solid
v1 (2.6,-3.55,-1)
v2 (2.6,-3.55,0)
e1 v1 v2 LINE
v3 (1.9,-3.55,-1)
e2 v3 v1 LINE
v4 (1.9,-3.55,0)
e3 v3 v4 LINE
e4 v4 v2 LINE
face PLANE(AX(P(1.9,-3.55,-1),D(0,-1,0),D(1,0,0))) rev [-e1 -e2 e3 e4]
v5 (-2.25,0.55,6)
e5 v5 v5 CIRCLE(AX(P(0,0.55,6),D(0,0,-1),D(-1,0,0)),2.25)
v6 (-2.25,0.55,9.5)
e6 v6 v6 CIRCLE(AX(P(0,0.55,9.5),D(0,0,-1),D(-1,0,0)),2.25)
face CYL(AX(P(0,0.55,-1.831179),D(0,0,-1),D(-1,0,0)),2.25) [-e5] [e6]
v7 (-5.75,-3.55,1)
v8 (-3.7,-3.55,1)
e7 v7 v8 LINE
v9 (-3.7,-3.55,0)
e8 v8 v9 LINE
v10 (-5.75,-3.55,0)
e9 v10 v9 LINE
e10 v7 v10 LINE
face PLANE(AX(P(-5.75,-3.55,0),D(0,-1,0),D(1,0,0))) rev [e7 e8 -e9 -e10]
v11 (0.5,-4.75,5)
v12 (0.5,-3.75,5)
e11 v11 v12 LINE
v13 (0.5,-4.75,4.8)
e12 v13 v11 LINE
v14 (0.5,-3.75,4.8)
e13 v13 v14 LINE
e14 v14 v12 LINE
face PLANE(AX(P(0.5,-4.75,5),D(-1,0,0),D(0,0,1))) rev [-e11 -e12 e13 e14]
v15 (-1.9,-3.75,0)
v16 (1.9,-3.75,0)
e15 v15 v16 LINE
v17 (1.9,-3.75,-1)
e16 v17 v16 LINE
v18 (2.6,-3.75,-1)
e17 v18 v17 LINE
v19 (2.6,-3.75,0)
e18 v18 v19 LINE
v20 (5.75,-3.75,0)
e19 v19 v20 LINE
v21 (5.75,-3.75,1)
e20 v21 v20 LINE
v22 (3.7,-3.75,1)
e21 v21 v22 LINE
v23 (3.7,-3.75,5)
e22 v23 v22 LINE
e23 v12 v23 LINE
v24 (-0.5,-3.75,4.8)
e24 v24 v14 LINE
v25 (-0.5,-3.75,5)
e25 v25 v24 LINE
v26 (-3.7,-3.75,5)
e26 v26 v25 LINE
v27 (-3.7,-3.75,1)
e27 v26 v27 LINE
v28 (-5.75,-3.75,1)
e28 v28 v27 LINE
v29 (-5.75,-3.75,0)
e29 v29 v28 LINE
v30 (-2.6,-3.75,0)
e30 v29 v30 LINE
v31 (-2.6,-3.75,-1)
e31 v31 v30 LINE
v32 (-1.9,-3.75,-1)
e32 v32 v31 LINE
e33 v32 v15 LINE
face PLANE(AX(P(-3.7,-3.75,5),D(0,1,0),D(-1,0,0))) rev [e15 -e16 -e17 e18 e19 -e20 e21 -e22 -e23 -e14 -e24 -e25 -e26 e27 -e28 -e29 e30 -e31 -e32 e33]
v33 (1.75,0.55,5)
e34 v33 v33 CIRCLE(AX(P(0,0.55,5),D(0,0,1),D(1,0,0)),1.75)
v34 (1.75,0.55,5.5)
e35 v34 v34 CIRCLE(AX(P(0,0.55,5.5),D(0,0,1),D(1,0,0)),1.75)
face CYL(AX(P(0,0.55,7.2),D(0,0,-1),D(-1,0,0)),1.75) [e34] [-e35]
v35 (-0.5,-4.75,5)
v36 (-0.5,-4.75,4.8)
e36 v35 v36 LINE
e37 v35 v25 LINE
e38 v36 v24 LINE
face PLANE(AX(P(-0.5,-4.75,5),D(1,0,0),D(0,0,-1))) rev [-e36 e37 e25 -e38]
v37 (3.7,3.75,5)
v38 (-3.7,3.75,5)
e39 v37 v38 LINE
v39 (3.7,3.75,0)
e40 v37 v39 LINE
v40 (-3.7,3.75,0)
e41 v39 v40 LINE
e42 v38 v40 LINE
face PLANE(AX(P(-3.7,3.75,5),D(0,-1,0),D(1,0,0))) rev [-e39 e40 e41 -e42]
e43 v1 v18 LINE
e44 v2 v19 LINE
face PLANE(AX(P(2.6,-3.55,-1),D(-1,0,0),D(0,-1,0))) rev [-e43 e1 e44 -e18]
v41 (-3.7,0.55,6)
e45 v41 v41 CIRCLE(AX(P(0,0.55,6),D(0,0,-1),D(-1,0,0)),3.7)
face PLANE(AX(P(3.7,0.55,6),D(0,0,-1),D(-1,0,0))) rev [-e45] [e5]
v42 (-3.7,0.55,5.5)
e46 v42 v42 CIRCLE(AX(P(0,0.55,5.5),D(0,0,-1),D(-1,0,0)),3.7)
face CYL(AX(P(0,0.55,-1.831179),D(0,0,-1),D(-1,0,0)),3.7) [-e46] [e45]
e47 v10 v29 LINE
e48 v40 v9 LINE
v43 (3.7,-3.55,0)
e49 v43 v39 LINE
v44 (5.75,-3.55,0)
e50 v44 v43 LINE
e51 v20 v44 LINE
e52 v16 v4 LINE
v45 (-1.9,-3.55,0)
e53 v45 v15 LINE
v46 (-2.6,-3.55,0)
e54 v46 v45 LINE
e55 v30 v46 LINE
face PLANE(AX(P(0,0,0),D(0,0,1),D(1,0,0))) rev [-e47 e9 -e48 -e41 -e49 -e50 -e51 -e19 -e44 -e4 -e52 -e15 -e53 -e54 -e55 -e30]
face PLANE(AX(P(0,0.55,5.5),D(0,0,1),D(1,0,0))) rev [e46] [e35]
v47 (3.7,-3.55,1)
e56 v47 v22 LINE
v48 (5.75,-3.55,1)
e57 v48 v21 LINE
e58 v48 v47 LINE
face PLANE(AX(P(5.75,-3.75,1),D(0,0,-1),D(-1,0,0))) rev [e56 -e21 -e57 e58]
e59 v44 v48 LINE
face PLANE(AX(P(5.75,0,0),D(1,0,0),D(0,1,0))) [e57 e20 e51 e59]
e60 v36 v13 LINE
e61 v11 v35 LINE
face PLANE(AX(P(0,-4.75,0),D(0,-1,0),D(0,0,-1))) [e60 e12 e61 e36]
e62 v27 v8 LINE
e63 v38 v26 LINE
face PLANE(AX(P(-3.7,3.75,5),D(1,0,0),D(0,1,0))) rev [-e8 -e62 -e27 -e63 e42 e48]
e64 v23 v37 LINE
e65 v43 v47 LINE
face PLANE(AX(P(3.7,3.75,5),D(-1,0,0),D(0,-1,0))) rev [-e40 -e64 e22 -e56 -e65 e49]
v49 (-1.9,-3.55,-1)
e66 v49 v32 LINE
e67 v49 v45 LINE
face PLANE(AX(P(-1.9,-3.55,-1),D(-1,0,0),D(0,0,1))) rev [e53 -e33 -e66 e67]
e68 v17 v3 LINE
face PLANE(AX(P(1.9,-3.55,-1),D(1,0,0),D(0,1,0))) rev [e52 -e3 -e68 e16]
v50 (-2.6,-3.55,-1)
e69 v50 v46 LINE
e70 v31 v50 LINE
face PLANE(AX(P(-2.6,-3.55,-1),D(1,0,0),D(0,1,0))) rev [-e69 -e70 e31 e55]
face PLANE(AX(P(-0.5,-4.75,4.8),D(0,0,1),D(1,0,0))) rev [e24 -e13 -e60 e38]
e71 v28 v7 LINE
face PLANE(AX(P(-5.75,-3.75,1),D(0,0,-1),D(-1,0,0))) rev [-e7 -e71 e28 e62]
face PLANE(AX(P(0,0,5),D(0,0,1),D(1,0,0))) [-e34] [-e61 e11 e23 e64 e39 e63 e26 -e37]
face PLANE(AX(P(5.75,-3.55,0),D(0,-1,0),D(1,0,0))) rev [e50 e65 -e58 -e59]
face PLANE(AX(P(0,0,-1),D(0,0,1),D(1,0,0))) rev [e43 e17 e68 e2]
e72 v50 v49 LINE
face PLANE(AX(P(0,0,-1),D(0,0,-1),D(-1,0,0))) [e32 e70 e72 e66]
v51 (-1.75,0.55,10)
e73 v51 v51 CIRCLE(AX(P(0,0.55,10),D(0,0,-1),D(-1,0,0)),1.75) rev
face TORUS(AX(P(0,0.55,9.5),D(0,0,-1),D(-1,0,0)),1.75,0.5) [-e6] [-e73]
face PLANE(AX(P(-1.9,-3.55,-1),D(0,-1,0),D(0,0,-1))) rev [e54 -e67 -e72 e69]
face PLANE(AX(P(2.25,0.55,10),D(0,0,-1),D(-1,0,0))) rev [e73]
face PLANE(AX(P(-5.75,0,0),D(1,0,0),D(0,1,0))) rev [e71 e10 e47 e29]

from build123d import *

# Parameters (mm, degrees)
SKETCH_1_W      = 7.4
SKETCH_1_H      = 7.5
EXTRUDE_1_DEPTH = 5
SKETCH_2_R      = 1.75
EXTRUDE_2_DEPTH = 2.2
FILLET_1_R      = 0.5
SKETCH_5_W      = 1
SKETCH_5_H      = 0.2
EXTRUDE_3_DEPTH = 2.05
SKETCH_6_W      = 1
SKETCH_6_H      = 0.2
EXTRUDE_4_DEPTH = 2.05
SKETCH_7_W      = 0.7
SKETCH_7_H      = 0.2
EXTRUDE_5_DEPTH = 1
SKETCH_8_W      = 1
SKETCH_8_H      = 0.2
EXTRUDE_6_DEPTH = 1


with BuildPart() as part:
    # 草图1 → 凸台-拉伸1 (new body)
    with BuildSketch(Plane.XY):
        Rectangle(SKETCH_1_W, SKETCH_1_H)
    extrude(amount=EXTRUDE_1_DEPTH)

    # 草图2 → 凸台-拉伸2 (add)
    with BuildSketch(Plane.XY.offset(5)):
        with Locations((0, 0.55)):
            Circle(SKETCH_2_R)
    extrude(amount=EXTRUDE_2_DEPTH)

    # 草图4 → 旋转1 (revolve)
    with BuildSketch(Plane(origin=(0, 0.55, 0), x_dir=(1, 0, 0), z_dir=(0, 1, 0)), mode=Mode.PRIVATE) as revolve_1_sk:
        Polygon((0, -5.5), (3.7, -5.5), (3.7, -6), (2.25, -6), (2.25, -10), (0, -10), align=None)
    revolve(revolve_1_sk.sketch.rotate(Axis((0, 0.55, -1.831178889), (0, 0, 1)), 180), axis=Axis((0, 0.55, -1.831178889), (0, 0, 1)))

    # 圆角1
    fillet_1_edges = [part.edges().sort_by_distance(p)[0] for p in [
        (2.25, 0.55, 10),
    ]]
    fillet(fillet_1_edges, radius=FILLET_1_R)

    # 草图5 → 凸台-拉伸3 (add)
    with BuildSketch(Plane(origin=(3.7, 0, 0), x_dir=(0, 0, -1), z_dir=(1, 0, 0))):
        with Locations((-0.5, -3.65)):
            Rectangle(SKETCH_5_W, SKETCH_5_H)
    extrude(amount=EXTRUDE_3_DEPTH)

    # 草图6 → 凸台-拉伸4 (add)
    with BuildSketch(Plane.ZY.offset(3.7)):
        with Locations((0.5, -3.65)):
            Rectangle(SKETCH_6_W, SKETCH_6_H)
    extrude(amount=EXTRUDE_4_DEPTH)

    # 草图7 → 凸台-拉伸5 (add)
    with BuildSketch(Plane(origin=(0, 0, 0), x_dir=(-1, 0, 0), z_dir=(0, 0, -1))):
        with Locations((-2.25, -3.65)):
            Rectangle(SKETCH_7_W, SKETCH_7_H)
        with Locations((2.25, -3.65)):
            Rectangle(SKETCH_7_W, SKETCH_7_H)
    extrude(amount=EXTRUDE_5_DEPTH)

    # 草图8 → 凸台-拉伸6 (add)
    with BuildSketch(Plane.XZ.offset(3.75)):
        with Locations((0, 4.9)):
            Rectangle(SKETCH_8_W, SKETCH_8_H)
    extrude(amount=EXTRUDE_6_DEPTH)


solid = part.part
